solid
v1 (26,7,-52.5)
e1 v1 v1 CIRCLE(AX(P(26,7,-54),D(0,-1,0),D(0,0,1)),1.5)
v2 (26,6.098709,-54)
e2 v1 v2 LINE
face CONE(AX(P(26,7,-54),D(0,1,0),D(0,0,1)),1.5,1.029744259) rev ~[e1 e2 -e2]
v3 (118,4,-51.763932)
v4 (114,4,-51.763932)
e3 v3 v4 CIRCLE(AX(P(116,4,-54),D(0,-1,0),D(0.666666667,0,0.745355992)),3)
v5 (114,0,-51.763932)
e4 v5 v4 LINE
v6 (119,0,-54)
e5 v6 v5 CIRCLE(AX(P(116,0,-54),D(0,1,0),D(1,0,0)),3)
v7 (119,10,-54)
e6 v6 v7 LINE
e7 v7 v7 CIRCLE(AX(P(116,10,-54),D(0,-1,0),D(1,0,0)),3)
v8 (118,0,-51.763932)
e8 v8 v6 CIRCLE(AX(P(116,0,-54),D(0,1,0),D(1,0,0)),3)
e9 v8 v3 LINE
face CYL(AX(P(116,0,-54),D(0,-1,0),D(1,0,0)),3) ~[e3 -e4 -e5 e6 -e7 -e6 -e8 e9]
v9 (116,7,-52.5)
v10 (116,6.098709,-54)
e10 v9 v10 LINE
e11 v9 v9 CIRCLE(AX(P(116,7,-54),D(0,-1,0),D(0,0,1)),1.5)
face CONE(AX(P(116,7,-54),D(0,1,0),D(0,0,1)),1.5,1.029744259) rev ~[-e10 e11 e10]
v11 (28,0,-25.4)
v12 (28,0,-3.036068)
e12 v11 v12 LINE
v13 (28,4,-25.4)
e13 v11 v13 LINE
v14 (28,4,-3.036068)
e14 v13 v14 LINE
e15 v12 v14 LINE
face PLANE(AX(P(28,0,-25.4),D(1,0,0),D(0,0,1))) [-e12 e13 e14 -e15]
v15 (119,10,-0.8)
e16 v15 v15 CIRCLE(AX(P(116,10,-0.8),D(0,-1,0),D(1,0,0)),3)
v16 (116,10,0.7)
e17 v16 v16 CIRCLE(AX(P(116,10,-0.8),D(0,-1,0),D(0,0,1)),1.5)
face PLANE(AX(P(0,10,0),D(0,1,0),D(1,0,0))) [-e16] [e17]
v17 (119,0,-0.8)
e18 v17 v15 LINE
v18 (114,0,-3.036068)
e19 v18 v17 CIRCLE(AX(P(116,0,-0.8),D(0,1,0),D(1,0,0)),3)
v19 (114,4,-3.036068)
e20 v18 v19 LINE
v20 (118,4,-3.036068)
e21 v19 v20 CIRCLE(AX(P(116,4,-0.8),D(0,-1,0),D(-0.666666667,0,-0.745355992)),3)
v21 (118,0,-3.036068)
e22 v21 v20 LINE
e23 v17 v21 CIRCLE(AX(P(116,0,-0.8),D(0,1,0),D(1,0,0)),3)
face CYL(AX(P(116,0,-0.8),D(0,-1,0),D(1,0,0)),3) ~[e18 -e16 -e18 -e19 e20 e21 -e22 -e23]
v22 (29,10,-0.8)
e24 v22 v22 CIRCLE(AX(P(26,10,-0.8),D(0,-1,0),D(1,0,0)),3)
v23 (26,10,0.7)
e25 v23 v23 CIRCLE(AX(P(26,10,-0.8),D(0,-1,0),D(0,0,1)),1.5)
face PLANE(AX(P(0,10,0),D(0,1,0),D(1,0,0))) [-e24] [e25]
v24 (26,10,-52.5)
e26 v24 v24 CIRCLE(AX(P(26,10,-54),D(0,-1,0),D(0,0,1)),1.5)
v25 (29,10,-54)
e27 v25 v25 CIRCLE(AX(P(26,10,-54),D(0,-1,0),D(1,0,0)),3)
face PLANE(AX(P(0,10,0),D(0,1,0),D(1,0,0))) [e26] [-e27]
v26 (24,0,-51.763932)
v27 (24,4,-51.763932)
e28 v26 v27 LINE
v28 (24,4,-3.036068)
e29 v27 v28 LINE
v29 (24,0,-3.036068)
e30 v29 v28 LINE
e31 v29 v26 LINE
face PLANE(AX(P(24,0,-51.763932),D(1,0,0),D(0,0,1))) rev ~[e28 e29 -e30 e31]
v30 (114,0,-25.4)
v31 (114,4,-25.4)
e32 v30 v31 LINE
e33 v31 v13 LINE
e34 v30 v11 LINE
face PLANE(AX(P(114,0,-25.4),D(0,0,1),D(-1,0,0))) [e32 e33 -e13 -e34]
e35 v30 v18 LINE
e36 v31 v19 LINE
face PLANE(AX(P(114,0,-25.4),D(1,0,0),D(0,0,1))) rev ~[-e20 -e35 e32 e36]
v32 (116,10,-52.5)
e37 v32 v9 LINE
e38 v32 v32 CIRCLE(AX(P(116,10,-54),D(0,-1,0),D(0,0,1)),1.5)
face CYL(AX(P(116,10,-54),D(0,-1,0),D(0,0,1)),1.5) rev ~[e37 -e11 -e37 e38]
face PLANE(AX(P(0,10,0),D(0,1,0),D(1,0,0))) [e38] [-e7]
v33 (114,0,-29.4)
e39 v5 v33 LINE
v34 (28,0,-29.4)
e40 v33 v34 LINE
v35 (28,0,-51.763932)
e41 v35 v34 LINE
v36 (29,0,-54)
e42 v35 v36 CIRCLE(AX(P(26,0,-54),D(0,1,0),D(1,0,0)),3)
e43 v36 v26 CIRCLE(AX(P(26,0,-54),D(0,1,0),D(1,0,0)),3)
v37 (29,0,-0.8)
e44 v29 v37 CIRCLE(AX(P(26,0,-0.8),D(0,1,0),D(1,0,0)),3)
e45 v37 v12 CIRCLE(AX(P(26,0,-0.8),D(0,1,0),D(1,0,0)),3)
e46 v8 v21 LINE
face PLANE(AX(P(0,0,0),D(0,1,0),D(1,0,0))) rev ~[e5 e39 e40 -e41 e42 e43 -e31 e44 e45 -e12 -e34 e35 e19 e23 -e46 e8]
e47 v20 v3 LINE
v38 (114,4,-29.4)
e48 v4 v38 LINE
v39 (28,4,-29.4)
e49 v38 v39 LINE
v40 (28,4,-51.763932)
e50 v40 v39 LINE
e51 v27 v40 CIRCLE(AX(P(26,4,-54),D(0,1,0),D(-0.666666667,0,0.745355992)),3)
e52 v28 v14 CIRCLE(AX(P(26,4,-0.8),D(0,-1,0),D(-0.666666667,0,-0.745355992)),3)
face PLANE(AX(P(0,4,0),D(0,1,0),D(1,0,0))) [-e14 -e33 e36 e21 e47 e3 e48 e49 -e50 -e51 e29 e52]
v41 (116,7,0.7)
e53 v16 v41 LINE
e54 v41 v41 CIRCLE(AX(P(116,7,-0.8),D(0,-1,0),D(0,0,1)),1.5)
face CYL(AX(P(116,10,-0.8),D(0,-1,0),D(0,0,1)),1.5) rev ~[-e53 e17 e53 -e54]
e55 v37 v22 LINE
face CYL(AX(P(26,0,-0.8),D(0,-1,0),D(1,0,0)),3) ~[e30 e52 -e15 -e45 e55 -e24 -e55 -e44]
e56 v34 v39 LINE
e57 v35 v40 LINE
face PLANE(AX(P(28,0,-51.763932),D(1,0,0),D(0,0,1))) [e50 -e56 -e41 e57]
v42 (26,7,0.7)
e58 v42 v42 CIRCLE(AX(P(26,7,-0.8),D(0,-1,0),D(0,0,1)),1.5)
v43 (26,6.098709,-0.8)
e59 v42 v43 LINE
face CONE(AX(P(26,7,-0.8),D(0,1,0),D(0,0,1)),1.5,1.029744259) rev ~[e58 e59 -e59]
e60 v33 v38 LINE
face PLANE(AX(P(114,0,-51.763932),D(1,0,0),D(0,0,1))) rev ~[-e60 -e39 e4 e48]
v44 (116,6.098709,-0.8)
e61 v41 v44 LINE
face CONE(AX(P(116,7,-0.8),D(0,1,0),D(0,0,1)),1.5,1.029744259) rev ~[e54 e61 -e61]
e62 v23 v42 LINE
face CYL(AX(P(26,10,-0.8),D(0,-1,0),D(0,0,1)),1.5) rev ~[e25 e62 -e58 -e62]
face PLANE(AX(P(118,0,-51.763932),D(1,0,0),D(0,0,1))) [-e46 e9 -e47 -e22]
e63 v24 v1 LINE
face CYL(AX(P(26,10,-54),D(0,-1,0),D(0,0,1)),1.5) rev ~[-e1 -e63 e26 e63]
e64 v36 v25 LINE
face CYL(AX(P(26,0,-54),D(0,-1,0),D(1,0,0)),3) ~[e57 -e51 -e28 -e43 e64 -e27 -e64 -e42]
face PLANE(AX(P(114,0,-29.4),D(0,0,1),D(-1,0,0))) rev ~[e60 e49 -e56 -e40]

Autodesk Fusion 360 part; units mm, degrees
sketch "Schizzo9" plane through (0, 0, 0) normal (0, 1, 0) x (1, 0, 0)
  line L0 (11, 28) -> (76.9, 28)
  line L1 (76.9, 28) -> (76.9, -18)
  line L2 (76.9, -18) -> (11, -18)
  line L3 (11, -18) -> (11, 28)
  circle A0 centre (11, 28) radius 2.75
  circle A1 centre (76.9, 28) radius 2.75
  circle A2 centre (11, -18) radius 2.75
  circle A3 centre (76.9, -18) radius 2.75
  line L4 (11, 28) -> (9, 28)
  line L5 (11, 28) -> (13, 28)
  line L6 (9, 28) -> (9, -18)
  line L7 (13, 28) -> (13, -18)
  line L8 (76.9, 28) -> (74.9, 28)
  line L9 (76.9, 28) -> (78.9, 28)
  line L10 (78.9, 28) -> (78.9, -18)
  line L11 (74.9, 28) -> (74.9, -18)
  line L12 (78.9, 5) -> (78.9, 7)
  line L13 (78.9, 5) -> (78.9, 3)
  line L14 (78.9, 7) -> (9, 7)
  line L15 (78.9, 3) -> (9, 3)
  dimension "d99" = 65.9
  dimension "d100" = 46
  dimension "d101" = 5.5
  dimension "d102" = 5.5
  dimension "d103" = 5.5
  dimension "d104" = 5.5
  dimension "d105" = 2
  dimension "d106" = 2
  dimension "d107" = 2
  dimension "d108" = 2
  dimension "d109" = 2
  dimension "d110" = 2
sketch "Schizzo10" plane through (0, 0, 0) normal (0, 1, 0) x (1, 0, 0)
  line L0 (26, 54) -> (116, 54)
  line L1 (116, 54) -> (116, 0.8)
  line L2 (116, 0.8) -> (26, 0.8)
  line L3 (26, 0.8) -> (26, 54)
  circle A0 centre (26, 54) radius 3
  circle A1 centre (26, 0.8) radius 3
  circle A2 centre (116, 54) radius 3
  circle A3 centre (116, 0.8) radius 3
  line L4 (26, 54) -> (24, 54)
  line L5 (26, 54) -> (28, 54)
  line L6 (24, 54) -> (24, 0.8)
  line L7 (28, 54) -> (28, 0.8)
  line L8 (116, 54) -> (114, 54)
  line L9 (116, 54) -> (118, 54)
  line L10 (118, 54) -> (118, 0.8)
  line L11 (114, 54) -> (114, 0.8)
  line L12 (118, 27.4) -> (118, 25.4)
  line L13 (118, 27.4) -> (118, 29.4)
  line L14 (118, 29.4) -> (24, 29.4)
  line L15 (118, 25.4) -> (24, 25.4)
  dimension "d127" = 90
  dimension "d128" = 53.2
  dimension "d129" = 6
  dimension "d130" = 6
  dimension "d131" = 6
  dimension "d132" = 6
  dimension "d133" = 2
  dimension "d134" = 2
  dimension "d135" = 2
  dimension "d136" = 2
  dimension "d137" = 2
  dimension "d138" = 2
extrude "Estrusione18" add sketch "Schizzo10" along normal blind 4 contours L3 A0 L7 L14 | L3 A0 L6 L14 | L3 L7 L14 L15 | L3 L6 L14 L15 | L7 L11 L14 L15 | L3 A1 L7 L15 | L3 A1 L6 L15 | L1 A2 L11 L14 | L1 L11 L14 L15 | L1 A2 L10 L14 | L1 A3 L11 L15 | L1 L10 L12 L13 L14 L15 | L1 A3 L10 L15
extrude "Estrusione19" add sketch "Schizzo10" along normal blind 10 contours L0 A0 L4 L5 L6 | L0 L3 A0 L5 L7 | L3 A0 L4 L6 | L0 A0 L7 | L0 A2 L8 L9 L10 | L0 A2 L11 | L0 L1 A2 L8 L11 | L2 L3 A1 L7 | L2 L3 A1 | L1 A2 L9 L10 | L2 A1 L7 | L2 A3 L11 | L1 L2 A3 L11 | L1 L2 A3
hole "Foratura13" at (26, 10, -54) direction (0, -1, 0) diameter 3 depth 3 tip angle 118
hole "Foratura14" at (26, 10, -0.8) direction (0, -1, 0) diameter 3 depth 3 tip angle 118
hole "Foratura15" at (116, 10, -0.8) direction (0, -1, 0) diameter 3 depth 3 tip angle 118
hole "Foratura16" at (116, 10, -54) direction (0, -1, 0) diameter 3 depth 3 tip angle 118
